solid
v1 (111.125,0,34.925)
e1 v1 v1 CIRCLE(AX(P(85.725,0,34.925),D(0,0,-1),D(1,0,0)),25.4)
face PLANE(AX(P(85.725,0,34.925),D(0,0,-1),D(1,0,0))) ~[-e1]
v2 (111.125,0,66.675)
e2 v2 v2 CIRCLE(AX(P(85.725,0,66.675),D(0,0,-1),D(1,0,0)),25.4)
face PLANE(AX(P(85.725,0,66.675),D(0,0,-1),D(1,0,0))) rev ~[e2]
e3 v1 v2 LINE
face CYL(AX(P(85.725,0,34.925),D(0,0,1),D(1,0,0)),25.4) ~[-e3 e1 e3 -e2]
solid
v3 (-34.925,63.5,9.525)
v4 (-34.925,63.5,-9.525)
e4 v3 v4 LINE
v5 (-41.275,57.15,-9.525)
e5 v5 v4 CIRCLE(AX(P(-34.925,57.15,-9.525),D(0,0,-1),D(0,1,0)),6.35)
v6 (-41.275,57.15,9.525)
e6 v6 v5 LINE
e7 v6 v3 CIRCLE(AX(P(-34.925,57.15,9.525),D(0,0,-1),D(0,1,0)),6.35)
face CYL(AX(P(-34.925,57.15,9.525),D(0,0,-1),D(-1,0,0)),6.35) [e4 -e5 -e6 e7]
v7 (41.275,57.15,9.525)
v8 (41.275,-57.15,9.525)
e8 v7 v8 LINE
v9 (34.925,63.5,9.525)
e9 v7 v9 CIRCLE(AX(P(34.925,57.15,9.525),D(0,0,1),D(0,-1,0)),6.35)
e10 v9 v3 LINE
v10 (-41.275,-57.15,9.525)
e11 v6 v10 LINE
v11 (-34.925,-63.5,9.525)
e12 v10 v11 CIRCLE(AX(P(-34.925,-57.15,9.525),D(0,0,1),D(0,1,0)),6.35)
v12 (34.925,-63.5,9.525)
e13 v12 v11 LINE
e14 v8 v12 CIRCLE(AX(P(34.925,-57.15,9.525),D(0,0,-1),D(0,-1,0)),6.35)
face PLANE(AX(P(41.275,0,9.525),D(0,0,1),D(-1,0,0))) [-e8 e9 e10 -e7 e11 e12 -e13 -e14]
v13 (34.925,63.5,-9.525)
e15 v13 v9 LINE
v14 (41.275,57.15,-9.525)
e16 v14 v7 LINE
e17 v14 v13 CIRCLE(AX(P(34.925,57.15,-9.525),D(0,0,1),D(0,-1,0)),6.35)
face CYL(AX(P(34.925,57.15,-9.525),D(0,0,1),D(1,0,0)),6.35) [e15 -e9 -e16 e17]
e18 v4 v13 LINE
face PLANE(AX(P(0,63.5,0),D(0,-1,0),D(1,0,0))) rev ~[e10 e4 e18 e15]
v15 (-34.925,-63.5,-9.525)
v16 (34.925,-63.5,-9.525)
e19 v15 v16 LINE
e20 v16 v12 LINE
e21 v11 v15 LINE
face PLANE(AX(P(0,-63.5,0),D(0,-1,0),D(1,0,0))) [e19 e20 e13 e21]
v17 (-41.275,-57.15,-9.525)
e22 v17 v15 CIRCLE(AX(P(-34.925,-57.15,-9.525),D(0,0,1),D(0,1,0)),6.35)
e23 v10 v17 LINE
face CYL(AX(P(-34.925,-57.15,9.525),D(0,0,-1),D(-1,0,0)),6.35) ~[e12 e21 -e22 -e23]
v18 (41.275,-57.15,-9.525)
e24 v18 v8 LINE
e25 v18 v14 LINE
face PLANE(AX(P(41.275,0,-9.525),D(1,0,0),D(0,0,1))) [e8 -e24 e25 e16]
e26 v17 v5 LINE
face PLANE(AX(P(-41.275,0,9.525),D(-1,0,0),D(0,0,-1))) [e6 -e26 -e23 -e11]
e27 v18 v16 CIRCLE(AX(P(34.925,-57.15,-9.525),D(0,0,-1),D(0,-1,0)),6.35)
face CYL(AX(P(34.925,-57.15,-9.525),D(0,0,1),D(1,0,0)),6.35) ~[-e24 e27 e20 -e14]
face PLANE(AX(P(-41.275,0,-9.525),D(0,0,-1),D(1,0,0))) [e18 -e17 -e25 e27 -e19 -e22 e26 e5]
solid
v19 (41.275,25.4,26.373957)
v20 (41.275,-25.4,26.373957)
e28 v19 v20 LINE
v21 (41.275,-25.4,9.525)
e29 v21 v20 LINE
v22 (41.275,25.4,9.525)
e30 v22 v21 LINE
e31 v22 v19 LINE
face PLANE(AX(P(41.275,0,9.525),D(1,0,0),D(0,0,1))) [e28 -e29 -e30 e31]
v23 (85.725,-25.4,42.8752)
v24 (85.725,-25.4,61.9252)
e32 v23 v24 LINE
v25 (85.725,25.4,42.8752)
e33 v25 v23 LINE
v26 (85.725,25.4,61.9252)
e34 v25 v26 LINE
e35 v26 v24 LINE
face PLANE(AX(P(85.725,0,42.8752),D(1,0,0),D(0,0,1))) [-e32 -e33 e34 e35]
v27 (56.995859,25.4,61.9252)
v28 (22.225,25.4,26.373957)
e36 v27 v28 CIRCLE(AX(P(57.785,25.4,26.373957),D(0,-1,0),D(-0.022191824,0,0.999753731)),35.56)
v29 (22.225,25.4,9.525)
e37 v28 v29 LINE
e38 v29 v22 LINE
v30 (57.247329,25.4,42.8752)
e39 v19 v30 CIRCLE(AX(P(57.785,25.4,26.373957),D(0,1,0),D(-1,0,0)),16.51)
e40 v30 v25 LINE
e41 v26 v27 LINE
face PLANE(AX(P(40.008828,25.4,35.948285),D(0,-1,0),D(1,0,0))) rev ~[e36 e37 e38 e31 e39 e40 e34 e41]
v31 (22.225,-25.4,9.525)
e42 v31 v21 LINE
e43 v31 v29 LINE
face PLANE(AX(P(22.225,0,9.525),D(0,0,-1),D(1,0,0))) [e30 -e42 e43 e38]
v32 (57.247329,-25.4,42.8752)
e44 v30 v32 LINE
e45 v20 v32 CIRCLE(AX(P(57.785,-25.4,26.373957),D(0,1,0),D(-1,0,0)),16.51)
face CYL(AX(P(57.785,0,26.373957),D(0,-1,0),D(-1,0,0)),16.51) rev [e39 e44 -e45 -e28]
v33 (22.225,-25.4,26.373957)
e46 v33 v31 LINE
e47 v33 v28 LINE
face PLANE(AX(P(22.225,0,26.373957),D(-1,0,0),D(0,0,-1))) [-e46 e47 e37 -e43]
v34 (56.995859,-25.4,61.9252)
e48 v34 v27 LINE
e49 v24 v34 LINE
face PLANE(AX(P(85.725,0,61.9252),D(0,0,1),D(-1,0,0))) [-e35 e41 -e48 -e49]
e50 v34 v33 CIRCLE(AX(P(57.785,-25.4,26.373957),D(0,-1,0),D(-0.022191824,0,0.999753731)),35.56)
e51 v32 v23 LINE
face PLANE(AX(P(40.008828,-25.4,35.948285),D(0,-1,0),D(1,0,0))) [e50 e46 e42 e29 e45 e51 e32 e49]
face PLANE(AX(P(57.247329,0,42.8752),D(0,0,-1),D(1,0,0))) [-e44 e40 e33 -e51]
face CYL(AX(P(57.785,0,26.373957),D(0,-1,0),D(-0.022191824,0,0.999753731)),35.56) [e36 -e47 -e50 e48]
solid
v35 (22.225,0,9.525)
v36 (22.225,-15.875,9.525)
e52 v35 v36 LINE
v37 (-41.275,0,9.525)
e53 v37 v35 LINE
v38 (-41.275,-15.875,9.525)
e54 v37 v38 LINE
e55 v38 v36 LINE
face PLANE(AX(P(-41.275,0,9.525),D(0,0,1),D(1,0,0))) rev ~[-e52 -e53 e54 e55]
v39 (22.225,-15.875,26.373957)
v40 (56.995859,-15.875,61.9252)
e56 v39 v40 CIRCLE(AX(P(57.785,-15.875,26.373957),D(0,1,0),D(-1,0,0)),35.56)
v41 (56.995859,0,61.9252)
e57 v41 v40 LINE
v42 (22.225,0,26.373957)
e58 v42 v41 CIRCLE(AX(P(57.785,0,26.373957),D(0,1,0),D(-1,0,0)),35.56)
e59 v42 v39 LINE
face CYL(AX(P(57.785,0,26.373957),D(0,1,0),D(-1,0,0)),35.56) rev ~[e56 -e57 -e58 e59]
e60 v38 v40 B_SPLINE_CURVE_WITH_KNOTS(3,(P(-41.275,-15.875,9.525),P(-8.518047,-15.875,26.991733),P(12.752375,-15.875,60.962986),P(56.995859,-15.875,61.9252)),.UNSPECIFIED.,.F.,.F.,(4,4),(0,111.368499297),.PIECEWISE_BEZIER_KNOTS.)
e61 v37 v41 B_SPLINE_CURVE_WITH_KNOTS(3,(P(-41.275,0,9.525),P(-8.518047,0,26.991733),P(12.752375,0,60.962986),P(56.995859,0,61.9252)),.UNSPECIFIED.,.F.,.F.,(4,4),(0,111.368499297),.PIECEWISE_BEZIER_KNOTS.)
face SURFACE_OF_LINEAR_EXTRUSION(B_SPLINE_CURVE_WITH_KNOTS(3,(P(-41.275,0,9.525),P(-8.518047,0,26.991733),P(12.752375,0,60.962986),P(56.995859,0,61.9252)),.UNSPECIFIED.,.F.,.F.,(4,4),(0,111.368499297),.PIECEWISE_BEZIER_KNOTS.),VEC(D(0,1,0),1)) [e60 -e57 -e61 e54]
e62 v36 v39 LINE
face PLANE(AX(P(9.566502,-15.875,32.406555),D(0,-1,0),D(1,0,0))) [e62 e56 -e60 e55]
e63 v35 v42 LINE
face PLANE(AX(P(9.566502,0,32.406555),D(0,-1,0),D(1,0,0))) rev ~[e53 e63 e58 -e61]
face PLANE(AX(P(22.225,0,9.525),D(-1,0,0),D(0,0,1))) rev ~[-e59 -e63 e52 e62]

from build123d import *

# Parameters (mm, degrees)
F3_DEPTH = 15.875
F0_W     = 25.4
F0_H     = 19.05
F4_DEPTH = 25.4
F5_DEPTH = 63.5
F6_R     = 6.35


with BuildPart() as f2:
    # F0 (on Front) → F2 (revolve)
    with BuildSketch(Plane.XZ):
        Polygon((85.725, 61.9252), (85.725, 42.8752), (85.725, 34.925), (111.125, 34.925), (111.125, 66.675), (85.725, 66.675), align=None)
    revolve(axis=Axis((85.725, 0, 50.8), (0, 0, -1)))


with BuildPart() as f3:
    # F0 (on Front) → F3 (new body)
    with BuildSketch(Plane.XZ):
        with BuildLine():
            Line((-41.275, 9.525), (22.225, 9.525))
            Line((22.225, 9.525), (22.225, 26.3739573205))
            ThreePointArc((22.225, 26.3739573205), (32.3628102484, 51.2381055712), (56.9958587309, 61.9252))
            add(Edge.make_bspline(
                [(-41.275, 9.525), (-8.5180470897, 26.9917333333), (12.7523746341, 60.962986201), (56.9958587309, 61.9252)],
                knots=[0, 0, 0, 0, 111.3684992974, 111.3684992974, 111.3684992974, 111.3684992974], degree=3))
        make_face()
    extrude(amount=F3_DEPTH)


with BuildPart() as f4:
    # F0 (on Front) → F4 (new body, symmetric)
    with BuildSketch(Plane.XZ):
        with BuildLine():
            Line((22.225, 9.525), (41.275, 9.525))
            Line((41.275, 9.525), (41.275, 26.3739573205))
            ThreePointArc((41.275, 26.3739573205), (45.9220946413, 37.8566214909), (57.2473290673, 42.8752))
            Line((57.2473290673, 42.8752), (60.325, 42.8752))
            Line((60.325, 42.8752), (60.325, 61.9252))
            Line((60.325, 61.9252), (56.9958587309, 61.9252))
            ThreePointArc((56.9958587309, 61.9252), (32.3628102484, 51.2381055712), (22.225, 26.3739573205))
            Line((22.225, 26.3739573205), (22.225, 9.525))
        make_face()
        with Locations((73.025, 52.4002)):
            Rectangle(F0_W, F0_H)
    extrude(amount=F4_DEPTH, both=True)


with BuildPart() as f5:
    # F0 (on Front) → F5 (new body, symmetric)
    with BuildSketch(Plane.XZ):
        Polygon((41.275, -9.525), (41.275, 9.525), (22.225, 9.525), (-41.275, 9.525), (-41.275, -9.525), align=None)
    extrude(amount=F5_DEPTH, both=True)

    # F6
    f6_edges = [f5.edges().sort_by_distance(p)[0] for p in [
        (41.275, -63.5, 0),
        (-41.275, -63.5, 0),
        (41.275, 63.5, 0),
        (-41.275, 63.5, 0),
    ]]
    fillet(f6_edges, radius=F6_R)


solid = Compound([f2.part, f3.part, f4.part, f5.part])
